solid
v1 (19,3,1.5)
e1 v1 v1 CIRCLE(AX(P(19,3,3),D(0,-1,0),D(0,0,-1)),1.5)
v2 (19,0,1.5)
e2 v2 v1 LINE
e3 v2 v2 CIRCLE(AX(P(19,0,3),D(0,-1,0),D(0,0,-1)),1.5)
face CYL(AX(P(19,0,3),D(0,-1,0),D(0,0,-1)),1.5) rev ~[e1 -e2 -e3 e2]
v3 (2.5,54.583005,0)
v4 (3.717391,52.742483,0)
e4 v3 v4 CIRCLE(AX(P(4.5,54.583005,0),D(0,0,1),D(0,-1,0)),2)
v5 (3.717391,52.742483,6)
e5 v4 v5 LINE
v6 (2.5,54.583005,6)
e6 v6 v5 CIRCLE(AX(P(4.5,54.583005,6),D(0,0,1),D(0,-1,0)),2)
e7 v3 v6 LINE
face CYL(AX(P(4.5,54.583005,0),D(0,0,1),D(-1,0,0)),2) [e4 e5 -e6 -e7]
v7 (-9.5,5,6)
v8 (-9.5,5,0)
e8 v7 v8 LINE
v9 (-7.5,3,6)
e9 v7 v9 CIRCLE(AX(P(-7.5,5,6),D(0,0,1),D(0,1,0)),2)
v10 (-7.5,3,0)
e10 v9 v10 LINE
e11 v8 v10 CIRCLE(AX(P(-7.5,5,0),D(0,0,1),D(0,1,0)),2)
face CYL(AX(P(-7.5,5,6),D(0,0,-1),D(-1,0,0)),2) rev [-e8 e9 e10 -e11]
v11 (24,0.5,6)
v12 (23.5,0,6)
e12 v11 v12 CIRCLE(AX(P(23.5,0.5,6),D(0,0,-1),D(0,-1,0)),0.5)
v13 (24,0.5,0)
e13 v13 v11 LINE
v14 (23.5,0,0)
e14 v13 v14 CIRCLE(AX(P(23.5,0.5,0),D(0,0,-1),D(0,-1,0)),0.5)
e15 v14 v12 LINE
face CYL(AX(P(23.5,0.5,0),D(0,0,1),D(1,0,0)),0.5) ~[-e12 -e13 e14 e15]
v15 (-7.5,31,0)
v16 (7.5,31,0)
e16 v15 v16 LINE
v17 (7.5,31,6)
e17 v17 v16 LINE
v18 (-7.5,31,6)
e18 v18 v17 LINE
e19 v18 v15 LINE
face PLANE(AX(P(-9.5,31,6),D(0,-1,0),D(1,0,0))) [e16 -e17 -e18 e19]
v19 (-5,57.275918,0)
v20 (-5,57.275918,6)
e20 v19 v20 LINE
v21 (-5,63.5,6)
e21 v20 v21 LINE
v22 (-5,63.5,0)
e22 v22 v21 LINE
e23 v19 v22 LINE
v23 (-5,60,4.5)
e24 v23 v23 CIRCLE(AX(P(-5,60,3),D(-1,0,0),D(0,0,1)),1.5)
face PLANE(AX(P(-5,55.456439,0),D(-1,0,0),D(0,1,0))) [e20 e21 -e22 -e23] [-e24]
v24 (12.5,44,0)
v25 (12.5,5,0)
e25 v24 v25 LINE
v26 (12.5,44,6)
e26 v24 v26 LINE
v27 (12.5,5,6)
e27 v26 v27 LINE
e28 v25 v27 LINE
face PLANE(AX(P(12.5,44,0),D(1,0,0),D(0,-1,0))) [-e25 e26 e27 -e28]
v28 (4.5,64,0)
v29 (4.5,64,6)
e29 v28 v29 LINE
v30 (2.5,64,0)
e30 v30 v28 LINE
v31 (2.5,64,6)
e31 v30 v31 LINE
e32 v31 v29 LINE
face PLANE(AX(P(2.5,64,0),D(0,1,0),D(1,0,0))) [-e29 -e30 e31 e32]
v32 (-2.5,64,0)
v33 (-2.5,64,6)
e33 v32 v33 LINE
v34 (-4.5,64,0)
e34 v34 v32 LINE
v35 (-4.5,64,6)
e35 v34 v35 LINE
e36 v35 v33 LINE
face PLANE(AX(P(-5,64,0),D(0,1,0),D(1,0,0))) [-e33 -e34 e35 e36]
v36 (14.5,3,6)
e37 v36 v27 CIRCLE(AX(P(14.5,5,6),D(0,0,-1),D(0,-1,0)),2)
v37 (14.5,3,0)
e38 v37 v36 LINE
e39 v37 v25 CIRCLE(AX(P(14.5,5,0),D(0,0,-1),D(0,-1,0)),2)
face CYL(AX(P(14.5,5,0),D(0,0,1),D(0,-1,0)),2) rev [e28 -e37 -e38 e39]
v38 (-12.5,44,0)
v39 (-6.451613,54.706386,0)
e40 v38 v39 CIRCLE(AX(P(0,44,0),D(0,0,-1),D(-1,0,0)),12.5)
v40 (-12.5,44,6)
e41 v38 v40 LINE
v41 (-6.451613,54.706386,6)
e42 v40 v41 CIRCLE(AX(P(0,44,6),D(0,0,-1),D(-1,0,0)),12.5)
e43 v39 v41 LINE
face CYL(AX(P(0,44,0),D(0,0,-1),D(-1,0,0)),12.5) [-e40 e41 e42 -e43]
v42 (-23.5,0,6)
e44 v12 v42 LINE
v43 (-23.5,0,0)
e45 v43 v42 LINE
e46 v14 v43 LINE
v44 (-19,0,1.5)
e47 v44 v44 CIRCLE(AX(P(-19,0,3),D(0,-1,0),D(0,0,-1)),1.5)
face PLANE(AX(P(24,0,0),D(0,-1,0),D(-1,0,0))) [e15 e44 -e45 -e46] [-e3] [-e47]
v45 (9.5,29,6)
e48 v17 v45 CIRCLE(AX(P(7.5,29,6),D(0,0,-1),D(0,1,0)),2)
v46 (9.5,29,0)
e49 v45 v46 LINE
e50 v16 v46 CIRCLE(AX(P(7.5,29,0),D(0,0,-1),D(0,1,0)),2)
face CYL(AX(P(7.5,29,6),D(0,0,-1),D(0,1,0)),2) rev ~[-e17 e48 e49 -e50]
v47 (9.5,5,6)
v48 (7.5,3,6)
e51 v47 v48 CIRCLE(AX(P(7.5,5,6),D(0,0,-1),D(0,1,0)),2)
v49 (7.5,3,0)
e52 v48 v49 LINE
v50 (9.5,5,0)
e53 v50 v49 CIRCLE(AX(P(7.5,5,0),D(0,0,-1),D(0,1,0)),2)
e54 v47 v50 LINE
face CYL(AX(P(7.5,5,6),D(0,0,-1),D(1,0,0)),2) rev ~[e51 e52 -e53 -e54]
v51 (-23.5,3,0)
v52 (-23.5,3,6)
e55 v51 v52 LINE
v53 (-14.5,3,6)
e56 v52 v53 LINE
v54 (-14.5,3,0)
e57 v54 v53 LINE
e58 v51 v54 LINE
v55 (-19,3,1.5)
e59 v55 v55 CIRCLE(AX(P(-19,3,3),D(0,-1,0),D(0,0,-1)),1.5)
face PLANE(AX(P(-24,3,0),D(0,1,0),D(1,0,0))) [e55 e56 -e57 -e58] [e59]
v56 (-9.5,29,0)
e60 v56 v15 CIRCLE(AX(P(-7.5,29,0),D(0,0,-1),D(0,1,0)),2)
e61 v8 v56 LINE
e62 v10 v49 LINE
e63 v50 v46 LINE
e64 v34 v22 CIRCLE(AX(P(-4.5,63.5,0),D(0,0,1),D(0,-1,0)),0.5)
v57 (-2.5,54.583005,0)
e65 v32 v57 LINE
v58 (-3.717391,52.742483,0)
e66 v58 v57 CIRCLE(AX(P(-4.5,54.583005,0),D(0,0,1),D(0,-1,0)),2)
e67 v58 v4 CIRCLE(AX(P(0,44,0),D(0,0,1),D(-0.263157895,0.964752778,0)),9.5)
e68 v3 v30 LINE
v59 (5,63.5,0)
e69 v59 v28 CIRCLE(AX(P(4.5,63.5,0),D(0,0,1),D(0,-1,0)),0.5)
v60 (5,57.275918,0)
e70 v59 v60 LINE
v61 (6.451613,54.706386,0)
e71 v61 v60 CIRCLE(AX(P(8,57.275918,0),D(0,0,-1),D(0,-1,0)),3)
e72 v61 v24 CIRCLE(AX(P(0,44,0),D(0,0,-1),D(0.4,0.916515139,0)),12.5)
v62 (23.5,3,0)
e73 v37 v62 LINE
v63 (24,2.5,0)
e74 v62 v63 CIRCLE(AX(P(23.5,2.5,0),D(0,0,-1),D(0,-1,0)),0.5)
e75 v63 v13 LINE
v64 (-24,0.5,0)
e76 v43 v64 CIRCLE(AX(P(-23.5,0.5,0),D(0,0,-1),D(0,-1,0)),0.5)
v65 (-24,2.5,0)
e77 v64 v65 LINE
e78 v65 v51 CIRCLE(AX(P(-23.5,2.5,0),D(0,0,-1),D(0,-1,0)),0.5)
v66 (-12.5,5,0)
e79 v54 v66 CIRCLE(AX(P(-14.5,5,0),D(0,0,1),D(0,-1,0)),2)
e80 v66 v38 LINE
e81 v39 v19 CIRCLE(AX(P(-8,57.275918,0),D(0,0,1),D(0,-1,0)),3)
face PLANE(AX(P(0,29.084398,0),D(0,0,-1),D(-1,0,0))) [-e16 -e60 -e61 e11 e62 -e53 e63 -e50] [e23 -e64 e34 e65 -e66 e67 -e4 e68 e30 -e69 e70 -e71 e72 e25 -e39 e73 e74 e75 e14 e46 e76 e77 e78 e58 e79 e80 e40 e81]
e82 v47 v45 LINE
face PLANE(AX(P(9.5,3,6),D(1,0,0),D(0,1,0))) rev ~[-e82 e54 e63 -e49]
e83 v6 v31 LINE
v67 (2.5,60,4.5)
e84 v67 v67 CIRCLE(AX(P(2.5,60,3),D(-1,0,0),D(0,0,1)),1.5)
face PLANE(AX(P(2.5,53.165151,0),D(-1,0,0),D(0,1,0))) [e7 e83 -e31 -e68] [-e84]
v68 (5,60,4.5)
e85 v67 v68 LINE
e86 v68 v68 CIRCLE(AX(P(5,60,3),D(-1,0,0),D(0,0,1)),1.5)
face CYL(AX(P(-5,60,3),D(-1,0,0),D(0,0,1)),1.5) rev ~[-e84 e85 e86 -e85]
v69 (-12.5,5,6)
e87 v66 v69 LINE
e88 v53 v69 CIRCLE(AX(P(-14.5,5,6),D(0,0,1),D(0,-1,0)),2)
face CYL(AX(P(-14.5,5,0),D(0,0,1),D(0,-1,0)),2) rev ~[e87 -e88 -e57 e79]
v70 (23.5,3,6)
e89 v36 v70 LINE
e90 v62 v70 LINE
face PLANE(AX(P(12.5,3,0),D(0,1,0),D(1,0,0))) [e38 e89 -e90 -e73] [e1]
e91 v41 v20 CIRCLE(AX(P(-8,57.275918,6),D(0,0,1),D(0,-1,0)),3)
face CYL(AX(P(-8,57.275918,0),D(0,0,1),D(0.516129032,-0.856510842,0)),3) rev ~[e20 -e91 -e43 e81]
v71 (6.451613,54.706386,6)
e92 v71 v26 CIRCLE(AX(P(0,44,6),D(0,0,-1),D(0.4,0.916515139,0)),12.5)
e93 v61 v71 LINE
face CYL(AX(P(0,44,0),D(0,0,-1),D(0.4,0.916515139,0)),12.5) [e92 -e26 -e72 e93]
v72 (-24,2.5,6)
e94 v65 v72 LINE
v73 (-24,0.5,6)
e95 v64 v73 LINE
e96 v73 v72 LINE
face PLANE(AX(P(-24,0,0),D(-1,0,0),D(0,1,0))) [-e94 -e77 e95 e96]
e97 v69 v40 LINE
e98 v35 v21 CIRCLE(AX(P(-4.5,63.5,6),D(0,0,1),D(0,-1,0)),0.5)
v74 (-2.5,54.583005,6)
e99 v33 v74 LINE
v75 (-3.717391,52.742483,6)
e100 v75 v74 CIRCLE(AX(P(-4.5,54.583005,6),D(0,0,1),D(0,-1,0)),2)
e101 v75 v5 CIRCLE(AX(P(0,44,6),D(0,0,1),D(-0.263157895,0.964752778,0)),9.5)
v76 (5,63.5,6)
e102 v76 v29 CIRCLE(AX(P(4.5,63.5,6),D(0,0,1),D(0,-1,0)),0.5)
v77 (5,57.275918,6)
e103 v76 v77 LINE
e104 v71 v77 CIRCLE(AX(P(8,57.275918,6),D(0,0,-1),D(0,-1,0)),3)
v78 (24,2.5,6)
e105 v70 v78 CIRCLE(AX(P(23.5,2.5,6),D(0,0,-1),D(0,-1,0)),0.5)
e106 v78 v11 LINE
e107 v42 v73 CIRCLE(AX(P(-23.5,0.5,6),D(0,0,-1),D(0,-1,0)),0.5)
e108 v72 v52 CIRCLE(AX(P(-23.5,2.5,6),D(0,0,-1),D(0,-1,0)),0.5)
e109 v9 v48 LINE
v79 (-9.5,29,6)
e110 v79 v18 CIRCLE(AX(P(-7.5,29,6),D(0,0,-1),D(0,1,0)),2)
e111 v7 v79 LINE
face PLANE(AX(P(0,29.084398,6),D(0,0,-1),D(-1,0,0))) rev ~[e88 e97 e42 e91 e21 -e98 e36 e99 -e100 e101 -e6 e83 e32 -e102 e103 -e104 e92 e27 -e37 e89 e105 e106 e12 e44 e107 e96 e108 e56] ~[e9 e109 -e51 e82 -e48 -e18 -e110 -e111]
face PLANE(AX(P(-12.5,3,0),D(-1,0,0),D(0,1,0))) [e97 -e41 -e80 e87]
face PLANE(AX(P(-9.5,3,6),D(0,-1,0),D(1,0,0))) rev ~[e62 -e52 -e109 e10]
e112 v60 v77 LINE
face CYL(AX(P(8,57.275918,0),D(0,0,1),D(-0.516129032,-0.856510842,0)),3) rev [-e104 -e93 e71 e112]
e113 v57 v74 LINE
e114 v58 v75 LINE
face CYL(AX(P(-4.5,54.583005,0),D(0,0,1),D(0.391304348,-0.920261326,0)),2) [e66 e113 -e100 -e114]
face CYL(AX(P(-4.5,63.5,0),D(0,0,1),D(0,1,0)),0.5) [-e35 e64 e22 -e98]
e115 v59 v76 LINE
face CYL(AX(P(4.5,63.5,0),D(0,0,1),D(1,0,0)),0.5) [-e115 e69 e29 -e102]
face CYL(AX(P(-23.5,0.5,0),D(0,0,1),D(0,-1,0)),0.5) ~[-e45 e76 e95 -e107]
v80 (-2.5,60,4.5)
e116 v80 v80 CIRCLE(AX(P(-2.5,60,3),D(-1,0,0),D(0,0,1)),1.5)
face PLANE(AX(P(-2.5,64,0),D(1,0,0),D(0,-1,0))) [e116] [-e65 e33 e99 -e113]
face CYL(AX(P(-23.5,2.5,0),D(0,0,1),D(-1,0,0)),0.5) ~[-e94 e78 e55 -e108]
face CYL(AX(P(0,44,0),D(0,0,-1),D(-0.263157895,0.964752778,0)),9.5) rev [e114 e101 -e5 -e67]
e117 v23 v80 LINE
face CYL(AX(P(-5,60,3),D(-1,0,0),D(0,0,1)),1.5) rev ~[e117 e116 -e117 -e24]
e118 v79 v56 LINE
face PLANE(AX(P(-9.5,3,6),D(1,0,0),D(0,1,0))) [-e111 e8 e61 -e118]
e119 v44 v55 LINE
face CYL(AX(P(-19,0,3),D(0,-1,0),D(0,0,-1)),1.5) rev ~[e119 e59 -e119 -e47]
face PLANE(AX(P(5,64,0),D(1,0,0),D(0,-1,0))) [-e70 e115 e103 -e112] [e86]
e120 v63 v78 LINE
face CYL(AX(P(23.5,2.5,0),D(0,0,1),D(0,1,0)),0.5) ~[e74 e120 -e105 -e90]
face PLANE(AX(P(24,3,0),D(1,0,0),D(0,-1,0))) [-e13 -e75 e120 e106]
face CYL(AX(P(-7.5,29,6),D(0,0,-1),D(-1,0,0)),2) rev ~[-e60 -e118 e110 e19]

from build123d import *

# Parameters (mm, degrees)
EXTRUDE_1_DEPTH     = 6
SKETCH_2_W          = 19
SKETCH_2_H          = 28
CUT_EXTRUDE_1_DEPTH = 6
FILLET_2_R          = 2
FILLET_3_R          = 2
SKETCH_3_R          = 1.5
CUT_EXTRUDE_2_DEPTH = 6
FILLET_4_R          = 3
FILLET_5_R          = 0.5
SKETCH_4_R          = 1.5
CUT_EXTRUDE_3_DEPTH = 14
FILLET_6_R          = 2


with BuildPart() as part:
    # 草图1 → 凸台-拉伸1 (new body)
    with BuildSketch(Plane.XY):
        with BuildLine():
            Line((12.5, 3), (24, 3))
            Line((24, 3), (24, 0))
            Line((24, 0), (-24, 0))
            Line((-24, 0), (-24, 3))
            Line((-24, 3), (-12.5, 3))
            Line((-12.5, 3), (-12.5, 44))
            ThreePointArc((-12.5, 44), (-10.458250332, 50.846531969), (-5, 55.456439237))
            Line((-5, 55.456439237), (-5, 64))
            Line((-5, 64), (-2.5, 64))
            Line((-2.5, 64), (-2.5, 53.16515139))
            ThreePointArc((-2.5, 53.16515139), (0, 34.5), (2.5, 53.16515139))
            Line((2.5, 53.16515139), (2.5, 64))
            Line((2.5, 64), (5, 64))
            Line((5, 64), (5, 55.456439237))
            ThreePointArc((5, 55.456439237), (10.458250332, 50.846531969), (12.5, 44))
            Line((12.5, 44), (12.5, 3))
        make_face()
    extrude(amount=EXTRUDE_1_DEPTH)

    # 草图2 → 切除-拉伸1 (cut)
    with BuildSketch(Plane.XY.offset(6)):
        with Locations((0, 17)):
            Rectangle(SKETCH_2_W, SKETCH_2_H)
    extrude(amount=-CUT_EXTRUDE_1_DEPTH, mode=Mode.SUBTRACT)

    # 圆角2
    fillet_2_edges = [part.edges().sort_by_distance(p)[0] for p in [
        (-9.5, 3, 3),
        (-9.5, 31, 3),
        (9.5, 31, 3),
        (9.5, 3, 3),
    ]]
    fillet(fillet_2_edges, radius=FILLET_2_R)

    # 圆角3
    fillet_3_edges = [part.edges().sort_by_distance(p)[0] for p in [
        (12.5, 3, 3),
        (-12.5, 3, 3),
    ]]
    fillet(fillet_3_edges, radius=FILLET_3_R)

    # 草图3 → 切除-拉伸2 (cut)
    with BuildSketch(Plane.XZ):
        with Locations(Location((-19, 3, 0), (0, 0, 270))):
            Circle(SKETCH_3_R)
        with Locations(Location((19, 3, 0), (0, 0, 270))):
            Circle(SKETCH_3_R)
    extrude(amount=-CUT_EXTRUDE_2_DEPTH, mode=Mode.SUBTRACT)

    # 圆角4
    fillet_4_edges = [part.edges().sort_by_distance(p)[0] for p in [
        (5, 55.456439237, 3),
        (-5, 55.456439237, 3),
    ]]
    fillet(fillet_4_edges, radius=FILLET_4_R)

    # 圆角5
    fillet_5_edges = [part.edges().sort_by_distance(p)[0] for p in [
        (5, 64, 3),
        (24, 3, 3),
        (24, 0, 3),
        (-24, 0, 3),
        (-24, 3, 3),
        (-5, 64, 3),
    ]]
    fillet(fillet_5_edges, radius=FILLET_5_R)

    # 草图4 → 切除-拉伸3 (cut)
    with BuildSketch(Plane.ZY.offset(5)):
        with Locations((3, 60)):
            Circle(SKETCH_4_R)
    extrude(amount=-CUT_EXTRUDE_3_DEPTH, mode=Mode.SUBTRACT)

    # 圆角6
    fillet_6_edges = [part.edges().sort_by_distance(p)[0] for p in [
        (2.5, 53.16515139, 3),
        (-2.5, 53.16515139, 3),
    ]]
    fillet(fillet_6_edges, radius=FILLET_6_R)


solid = part.part
